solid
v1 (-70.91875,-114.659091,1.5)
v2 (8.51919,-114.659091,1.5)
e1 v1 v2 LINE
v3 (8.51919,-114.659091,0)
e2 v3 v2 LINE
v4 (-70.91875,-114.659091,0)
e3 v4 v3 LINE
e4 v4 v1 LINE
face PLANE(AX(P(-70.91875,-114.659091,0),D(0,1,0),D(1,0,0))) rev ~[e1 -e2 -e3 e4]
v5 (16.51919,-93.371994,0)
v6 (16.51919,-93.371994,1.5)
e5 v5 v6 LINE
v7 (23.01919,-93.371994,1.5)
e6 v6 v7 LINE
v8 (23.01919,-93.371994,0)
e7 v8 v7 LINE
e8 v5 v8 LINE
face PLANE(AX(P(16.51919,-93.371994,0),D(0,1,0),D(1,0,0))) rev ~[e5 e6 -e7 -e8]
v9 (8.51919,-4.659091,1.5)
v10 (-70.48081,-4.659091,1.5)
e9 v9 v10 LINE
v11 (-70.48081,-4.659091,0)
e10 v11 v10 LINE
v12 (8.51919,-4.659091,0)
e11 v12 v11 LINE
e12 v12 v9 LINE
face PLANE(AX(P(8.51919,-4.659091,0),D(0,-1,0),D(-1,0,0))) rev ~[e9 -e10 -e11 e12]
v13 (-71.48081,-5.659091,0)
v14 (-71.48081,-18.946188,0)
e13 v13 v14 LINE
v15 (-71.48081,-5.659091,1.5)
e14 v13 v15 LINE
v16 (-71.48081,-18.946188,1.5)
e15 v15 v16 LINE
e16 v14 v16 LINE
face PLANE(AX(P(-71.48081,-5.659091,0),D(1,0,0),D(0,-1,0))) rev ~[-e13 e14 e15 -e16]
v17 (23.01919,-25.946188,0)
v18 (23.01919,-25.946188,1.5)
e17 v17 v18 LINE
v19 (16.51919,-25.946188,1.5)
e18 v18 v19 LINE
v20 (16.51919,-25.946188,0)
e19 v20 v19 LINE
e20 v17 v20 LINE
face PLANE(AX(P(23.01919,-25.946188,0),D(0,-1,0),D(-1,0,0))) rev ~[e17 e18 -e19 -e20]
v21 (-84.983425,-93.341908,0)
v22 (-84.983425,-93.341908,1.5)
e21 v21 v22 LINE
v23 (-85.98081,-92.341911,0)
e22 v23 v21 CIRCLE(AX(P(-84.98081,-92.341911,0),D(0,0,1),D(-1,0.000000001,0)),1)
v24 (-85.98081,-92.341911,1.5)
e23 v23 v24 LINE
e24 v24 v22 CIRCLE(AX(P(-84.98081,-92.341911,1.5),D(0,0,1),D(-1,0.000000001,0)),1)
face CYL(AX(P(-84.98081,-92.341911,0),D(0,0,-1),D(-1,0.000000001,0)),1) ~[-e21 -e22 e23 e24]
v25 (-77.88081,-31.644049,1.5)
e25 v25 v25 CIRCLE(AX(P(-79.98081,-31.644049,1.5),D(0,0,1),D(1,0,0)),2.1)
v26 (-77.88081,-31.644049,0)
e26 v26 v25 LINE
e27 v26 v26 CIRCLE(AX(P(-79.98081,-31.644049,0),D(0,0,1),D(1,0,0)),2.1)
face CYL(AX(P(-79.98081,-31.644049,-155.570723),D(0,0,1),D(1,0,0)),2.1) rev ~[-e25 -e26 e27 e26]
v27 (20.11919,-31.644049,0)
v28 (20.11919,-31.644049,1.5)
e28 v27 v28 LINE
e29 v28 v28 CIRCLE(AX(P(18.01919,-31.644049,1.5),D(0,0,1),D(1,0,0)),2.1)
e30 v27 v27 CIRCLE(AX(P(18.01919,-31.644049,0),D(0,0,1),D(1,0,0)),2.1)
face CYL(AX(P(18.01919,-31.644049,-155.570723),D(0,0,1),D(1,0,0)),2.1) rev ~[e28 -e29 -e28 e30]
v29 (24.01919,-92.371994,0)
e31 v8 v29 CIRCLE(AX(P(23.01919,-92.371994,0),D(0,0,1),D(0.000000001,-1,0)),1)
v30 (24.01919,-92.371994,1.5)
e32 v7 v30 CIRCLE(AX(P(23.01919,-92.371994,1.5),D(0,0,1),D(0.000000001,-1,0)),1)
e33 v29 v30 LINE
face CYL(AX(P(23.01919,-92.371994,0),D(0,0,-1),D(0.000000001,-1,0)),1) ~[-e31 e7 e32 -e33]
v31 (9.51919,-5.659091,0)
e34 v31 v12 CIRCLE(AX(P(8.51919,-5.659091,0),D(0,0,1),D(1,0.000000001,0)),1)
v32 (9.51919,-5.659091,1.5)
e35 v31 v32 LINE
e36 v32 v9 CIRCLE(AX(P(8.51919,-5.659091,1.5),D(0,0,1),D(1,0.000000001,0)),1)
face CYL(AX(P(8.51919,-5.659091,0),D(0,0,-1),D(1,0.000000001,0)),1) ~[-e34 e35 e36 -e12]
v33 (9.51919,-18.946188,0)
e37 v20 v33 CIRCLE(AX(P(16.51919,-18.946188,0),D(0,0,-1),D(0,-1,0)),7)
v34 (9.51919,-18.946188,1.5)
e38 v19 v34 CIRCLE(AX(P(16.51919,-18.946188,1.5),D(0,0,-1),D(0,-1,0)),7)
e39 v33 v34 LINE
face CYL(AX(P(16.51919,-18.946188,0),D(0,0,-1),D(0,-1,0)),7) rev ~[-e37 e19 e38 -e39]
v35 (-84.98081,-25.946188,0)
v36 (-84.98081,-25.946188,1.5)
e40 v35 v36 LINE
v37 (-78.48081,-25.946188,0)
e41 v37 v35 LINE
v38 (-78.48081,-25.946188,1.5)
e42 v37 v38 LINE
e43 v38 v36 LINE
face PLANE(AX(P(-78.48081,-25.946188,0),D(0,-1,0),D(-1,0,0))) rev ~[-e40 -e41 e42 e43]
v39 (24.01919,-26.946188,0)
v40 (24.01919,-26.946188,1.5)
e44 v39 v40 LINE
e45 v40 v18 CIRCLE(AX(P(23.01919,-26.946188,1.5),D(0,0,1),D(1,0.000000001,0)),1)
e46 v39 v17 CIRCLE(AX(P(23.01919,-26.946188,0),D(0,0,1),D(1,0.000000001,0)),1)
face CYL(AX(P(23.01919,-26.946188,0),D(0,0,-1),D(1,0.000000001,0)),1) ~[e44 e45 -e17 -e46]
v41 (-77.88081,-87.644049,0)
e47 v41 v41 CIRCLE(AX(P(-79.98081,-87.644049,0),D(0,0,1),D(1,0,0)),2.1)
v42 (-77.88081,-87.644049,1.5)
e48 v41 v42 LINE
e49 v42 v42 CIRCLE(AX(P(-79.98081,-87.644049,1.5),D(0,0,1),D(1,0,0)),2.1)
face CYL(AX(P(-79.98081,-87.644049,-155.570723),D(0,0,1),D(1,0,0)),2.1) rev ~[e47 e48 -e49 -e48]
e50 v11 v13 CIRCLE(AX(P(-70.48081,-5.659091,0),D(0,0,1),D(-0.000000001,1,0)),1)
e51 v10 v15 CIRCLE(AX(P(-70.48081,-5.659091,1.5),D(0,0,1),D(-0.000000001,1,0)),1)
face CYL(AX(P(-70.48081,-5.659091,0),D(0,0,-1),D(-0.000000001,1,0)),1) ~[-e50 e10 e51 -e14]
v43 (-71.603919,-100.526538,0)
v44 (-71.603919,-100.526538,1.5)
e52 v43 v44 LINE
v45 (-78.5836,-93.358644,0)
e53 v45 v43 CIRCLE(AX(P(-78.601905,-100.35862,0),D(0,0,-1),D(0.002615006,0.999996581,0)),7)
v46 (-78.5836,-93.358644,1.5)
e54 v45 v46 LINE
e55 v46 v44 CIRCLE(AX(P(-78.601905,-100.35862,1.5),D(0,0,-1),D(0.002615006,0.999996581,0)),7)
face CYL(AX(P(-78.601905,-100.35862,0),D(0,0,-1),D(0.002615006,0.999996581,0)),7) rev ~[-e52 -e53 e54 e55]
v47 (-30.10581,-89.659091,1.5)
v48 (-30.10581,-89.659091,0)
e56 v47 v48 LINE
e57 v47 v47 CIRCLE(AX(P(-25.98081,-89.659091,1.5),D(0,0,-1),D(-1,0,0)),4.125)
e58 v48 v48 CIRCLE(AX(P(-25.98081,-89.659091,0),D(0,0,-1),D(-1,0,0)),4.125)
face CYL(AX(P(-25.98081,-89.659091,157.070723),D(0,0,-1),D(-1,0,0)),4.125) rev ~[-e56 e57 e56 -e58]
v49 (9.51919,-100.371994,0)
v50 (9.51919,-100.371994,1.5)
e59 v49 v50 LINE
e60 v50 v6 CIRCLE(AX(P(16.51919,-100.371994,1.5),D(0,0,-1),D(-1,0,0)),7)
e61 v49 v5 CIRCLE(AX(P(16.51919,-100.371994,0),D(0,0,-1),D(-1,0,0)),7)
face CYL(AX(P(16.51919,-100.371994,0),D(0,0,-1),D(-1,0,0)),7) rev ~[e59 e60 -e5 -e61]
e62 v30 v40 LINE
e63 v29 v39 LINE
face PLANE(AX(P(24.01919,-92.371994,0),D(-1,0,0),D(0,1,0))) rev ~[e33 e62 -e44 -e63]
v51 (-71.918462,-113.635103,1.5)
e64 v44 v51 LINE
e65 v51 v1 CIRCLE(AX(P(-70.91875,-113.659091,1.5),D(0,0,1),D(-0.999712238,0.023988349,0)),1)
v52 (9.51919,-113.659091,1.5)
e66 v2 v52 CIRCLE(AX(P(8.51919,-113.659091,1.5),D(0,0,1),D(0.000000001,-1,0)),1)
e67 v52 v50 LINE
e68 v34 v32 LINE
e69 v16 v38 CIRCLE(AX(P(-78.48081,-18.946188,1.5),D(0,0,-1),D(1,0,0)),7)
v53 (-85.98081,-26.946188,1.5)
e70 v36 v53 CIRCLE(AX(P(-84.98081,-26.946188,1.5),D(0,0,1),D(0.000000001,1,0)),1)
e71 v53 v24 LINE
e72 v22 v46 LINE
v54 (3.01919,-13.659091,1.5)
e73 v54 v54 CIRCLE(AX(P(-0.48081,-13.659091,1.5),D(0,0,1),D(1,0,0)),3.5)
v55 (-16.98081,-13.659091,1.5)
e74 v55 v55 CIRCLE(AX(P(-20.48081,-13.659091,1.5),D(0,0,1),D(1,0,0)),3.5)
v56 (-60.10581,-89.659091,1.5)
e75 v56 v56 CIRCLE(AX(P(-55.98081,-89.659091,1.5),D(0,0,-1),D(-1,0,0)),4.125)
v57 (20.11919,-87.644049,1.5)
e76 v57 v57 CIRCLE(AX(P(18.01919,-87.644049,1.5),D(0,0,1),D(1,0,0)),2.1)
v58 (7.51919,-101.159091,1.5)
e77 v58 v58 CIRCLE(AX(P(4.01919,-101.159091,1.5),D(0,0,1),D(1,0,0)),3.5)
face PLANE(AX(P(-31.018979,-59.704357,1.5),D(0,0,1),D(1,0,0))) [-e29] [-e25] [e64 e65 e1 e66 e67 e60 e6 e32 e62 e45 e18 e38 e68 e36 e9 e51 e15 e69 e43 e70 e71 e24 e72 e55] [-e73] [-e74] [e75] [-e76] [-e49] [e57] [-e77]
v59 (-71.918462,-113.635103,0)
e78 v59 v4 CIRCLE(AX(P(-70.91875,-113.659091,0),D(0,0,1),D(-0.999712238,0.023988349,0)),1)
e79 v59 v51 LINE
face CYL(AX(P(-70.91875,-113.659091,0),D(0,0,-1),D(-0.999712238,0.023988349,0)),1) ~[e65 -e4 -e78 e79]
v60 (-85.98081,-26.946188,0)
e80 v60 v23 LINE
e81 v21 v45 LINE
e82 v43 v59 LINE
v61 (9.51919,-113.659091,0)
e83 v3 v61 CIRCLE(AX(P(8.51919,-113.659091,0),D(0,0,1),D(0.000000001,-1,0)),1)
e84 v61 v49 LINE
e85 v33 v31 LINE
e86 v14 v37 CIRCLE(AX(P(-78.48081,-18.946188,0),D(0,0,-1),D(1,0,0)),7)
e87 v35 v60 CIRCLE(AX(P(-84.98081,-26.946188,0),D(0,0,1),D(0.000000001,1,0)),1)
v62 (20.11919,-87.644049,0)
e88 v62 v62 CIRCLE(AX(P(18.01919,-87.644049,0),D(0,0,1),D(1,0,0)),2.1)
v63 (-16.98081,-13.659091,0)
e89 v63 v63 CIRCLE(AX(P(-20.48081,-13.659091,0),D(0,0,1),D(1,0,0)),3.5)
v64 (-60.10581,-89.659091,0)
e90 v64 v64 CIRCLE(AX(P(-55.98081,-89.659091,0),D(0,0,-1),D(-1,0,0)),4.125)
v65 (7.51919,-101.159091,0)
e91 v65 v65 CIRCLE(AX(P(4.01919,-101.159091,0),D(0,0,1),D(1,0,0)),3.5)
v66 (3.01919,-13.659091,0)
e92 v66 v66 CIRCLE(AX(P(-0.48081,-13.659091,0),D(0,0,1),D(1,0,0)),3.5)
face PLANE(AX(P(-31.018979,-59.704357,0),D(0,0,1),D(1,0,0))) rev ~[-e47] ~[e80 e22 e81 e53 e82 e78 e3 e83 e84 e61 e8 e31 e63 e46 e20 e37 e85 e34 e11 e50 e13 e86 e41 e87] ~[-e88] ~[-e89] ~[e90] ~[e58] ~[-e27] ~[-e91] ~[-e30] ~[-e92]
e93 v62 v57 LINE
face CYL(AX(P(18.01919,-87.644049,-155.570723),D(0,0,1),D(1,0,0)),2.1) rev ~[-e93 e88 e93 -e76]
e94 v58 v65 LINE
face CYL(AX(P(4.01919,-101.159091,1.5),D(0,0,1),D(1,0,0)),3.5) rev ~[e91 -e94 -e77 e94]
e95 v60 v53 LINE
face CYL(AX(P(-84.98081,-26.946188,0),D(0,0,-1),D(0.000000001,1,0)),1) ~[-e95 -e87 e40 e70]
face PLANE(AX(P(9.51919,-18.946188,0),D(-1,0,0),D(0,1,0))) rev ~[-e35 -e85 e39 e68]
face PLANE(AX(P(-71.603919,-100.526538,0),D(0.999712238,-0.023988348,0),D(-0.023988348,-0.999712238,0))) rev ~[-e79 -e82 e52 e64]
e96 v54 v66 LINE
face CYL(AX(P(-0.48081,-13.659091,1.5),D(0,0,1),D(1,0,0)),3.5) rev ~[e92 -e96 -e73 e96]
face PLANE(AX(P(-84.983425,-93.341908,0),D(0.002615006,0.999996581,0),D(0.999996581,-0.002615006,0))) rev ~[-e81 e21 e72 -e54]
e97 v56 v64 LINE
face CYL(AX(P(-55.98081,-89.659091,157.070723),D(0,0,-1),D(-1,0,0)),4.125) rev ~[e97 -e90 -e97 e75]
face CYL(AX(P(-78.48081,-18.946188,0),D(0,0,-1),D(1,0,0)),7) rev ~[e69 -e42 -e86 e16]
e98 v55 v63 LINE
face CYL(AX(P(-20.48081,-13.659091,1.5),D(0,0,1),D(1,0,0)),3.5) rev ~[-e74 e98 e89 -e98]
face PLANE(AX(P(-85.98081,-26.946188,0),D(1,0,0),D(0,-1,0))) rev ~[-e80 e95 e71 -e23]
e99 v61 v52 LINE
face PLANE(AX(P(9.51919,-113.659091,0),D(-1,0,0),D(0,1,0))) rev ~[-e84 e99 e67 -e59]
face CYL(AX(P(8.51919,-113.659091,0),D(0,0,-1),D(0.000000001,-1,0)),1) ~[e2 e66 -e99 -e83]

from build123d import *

# Parameters (mm, degrees)
EXTRUDE_1_DEPTH     = 1.5
HOLE_WIZARD_M4_1_D  = 4.2
HOLE_WIZARD_M8_1_D  = 8.25
SKETCH_8_R          = 3.5
CUT_EXTRUDE_1_DEPTH = 144.323608762
SKETCH_9_R          = 3.5
CUT_EXTRUDE_2_DEPTH = 144.323608762


with BuildPart() as part:
    # 草圖1 → 填料-伸長1 (new body)
    with BuildSketch(Plane.XY):
        with BuildLine():
            Line((9.519190028, -18.946187519), (9.519190028, -5.659090909))
            ThreePointArc((9.519190028, -5.659090909), (9.226296809, -4.951984128), (8.519190028, -4.659090909))
            Line((8.519190028, -4.659090909), (-70.48081017, -4.659090909))
            ThreePointArc((-70.48081017, -4.659090909), (-71.187916951, -4.951984128), (-71.48081017, -5.659090909))
            Line((-71.48081017, -5.659090909), (-71.48081017, -18.946187519))
            ThreePointArc((-71.48081017, -18.946187519), (-73.531062702, -23.895934988), (-78.48081017, -25.946187519))
            Line((-78.48081017, -25.946187519), (-84.980810071, -25.946187519))
            ThreePointArc((-84.980810071, -25.946187519), (-85.687916853, -26.239080738), (-85.980810071, -26.946187519))
            Line((-85.980810071, -26.946187519), (-85.980810071, -92.341911374))
            ThreePointArc((-85.980810071, -92.341911374), (-85.688840793, -93.048093006), (-84.983425077, -93.341907955))
            Line((-84.983425077, -93.341907955), (-78.583599692, -93.358643592))
            ThreePointArc((-78.583599692, -93.358643592), (-73.586751521, -95.475153852), (-71.603919064, -100.526538095))
            Line((-71.603919064, -100.526538095), (-71.918462387, -113.635102561))
            ThreePointArc((-71.918462387, -113.635102561), (-71.634287831, -114.357665047), (-70.918750149, -114.659090909))
            Line((-70.918750149, -114.659090909), (8.519190028, -114.659090909))
            ThreePointArc((8.519190028, -114.659090909), (9.226296809, -114.36619769), (9.519190028, -113.659090909))
            Line((9.519190028, -113.659090909), (9.519190028, -100.371994299))
            ThreePointArc((9.519190028, -100.371994299), (11.569442559, -95.422246831), (16.519190028, -93.371994299))
            Line((16.519190028, -93.371994299), (23.019189929, -93.371994299))
            ThreePointArc((23.019189929, -93.371994299), (23.72629671, -93.07910108), (24.019189929, -92.371994299))
            Line((24.019189929, -92.371994299), (24.019189929, -26.946187519))
            ThreePointArc((24.019189929, -26.946187519), (23.72629671, -26.239080738), (23.019189929, -25.946187519))
            Line((23.019189929, -25.946187519), (16.519190028, -25.946187519))
            ThreePointArc((16.519190028, -25.946187519), (11.569442559, -23.895934988), (9.519190028, -18.946187519))
        make_face()
    extrude(amount=EXTRUDE_1_DEPTH)

    # M4 螺旋的螺孔鑽1 (through all)
    with Locations(Plane(origin=(0, 0, 0), x_dir=(-1, 0, 0), z_dir=(0, 0, -1))):
        with Locations((79.980810071, -87.644049447), (-18.019189929, -87.644049447), (-18.019189929, -31.644049447), (79.980810071, -31.644049447)):
            Hole(HOLE_WIZARD_M4_1_D / 2)

    # M8 螺旋的螺孔鑽1 (through all)
    with Locations(Plane.XY.offset(1.5)):
        with Locations((-55.980810071, -89.659090909), (-25.980810071, -89.659090909)):
            Hole(HOLE_WIZARD_M8_1_D / 2)

    # 草圖8 → 除料-伸長1 (cut, through all)
    with BuildSketch(Plane.XY.offset(1.5)):
        with Locations((4.019190028, -101.159090909)):
            Circle(SKETCH_8_R)
    extrude(amount=-CUT_EXTRUDE_1_DEPTH, mode=Mode.SUBTRACT)

    # 草圖9 → 除料-伸長2 (cut, through all)
    with BuildSketch(Plane.XY.offset(1.5)):
        with Locations((-0.480809972, -13.659090909)):
            Circle(SKETCH_9_R)
        with Locations((-20.480809972, -13.659090909)):
            Circle(SKETCH_9_R)
    extrude(amount=-CUT_EXTRUDE_2_DEPTH, mode=Mode.SUBTRACT)


solid = part.part
